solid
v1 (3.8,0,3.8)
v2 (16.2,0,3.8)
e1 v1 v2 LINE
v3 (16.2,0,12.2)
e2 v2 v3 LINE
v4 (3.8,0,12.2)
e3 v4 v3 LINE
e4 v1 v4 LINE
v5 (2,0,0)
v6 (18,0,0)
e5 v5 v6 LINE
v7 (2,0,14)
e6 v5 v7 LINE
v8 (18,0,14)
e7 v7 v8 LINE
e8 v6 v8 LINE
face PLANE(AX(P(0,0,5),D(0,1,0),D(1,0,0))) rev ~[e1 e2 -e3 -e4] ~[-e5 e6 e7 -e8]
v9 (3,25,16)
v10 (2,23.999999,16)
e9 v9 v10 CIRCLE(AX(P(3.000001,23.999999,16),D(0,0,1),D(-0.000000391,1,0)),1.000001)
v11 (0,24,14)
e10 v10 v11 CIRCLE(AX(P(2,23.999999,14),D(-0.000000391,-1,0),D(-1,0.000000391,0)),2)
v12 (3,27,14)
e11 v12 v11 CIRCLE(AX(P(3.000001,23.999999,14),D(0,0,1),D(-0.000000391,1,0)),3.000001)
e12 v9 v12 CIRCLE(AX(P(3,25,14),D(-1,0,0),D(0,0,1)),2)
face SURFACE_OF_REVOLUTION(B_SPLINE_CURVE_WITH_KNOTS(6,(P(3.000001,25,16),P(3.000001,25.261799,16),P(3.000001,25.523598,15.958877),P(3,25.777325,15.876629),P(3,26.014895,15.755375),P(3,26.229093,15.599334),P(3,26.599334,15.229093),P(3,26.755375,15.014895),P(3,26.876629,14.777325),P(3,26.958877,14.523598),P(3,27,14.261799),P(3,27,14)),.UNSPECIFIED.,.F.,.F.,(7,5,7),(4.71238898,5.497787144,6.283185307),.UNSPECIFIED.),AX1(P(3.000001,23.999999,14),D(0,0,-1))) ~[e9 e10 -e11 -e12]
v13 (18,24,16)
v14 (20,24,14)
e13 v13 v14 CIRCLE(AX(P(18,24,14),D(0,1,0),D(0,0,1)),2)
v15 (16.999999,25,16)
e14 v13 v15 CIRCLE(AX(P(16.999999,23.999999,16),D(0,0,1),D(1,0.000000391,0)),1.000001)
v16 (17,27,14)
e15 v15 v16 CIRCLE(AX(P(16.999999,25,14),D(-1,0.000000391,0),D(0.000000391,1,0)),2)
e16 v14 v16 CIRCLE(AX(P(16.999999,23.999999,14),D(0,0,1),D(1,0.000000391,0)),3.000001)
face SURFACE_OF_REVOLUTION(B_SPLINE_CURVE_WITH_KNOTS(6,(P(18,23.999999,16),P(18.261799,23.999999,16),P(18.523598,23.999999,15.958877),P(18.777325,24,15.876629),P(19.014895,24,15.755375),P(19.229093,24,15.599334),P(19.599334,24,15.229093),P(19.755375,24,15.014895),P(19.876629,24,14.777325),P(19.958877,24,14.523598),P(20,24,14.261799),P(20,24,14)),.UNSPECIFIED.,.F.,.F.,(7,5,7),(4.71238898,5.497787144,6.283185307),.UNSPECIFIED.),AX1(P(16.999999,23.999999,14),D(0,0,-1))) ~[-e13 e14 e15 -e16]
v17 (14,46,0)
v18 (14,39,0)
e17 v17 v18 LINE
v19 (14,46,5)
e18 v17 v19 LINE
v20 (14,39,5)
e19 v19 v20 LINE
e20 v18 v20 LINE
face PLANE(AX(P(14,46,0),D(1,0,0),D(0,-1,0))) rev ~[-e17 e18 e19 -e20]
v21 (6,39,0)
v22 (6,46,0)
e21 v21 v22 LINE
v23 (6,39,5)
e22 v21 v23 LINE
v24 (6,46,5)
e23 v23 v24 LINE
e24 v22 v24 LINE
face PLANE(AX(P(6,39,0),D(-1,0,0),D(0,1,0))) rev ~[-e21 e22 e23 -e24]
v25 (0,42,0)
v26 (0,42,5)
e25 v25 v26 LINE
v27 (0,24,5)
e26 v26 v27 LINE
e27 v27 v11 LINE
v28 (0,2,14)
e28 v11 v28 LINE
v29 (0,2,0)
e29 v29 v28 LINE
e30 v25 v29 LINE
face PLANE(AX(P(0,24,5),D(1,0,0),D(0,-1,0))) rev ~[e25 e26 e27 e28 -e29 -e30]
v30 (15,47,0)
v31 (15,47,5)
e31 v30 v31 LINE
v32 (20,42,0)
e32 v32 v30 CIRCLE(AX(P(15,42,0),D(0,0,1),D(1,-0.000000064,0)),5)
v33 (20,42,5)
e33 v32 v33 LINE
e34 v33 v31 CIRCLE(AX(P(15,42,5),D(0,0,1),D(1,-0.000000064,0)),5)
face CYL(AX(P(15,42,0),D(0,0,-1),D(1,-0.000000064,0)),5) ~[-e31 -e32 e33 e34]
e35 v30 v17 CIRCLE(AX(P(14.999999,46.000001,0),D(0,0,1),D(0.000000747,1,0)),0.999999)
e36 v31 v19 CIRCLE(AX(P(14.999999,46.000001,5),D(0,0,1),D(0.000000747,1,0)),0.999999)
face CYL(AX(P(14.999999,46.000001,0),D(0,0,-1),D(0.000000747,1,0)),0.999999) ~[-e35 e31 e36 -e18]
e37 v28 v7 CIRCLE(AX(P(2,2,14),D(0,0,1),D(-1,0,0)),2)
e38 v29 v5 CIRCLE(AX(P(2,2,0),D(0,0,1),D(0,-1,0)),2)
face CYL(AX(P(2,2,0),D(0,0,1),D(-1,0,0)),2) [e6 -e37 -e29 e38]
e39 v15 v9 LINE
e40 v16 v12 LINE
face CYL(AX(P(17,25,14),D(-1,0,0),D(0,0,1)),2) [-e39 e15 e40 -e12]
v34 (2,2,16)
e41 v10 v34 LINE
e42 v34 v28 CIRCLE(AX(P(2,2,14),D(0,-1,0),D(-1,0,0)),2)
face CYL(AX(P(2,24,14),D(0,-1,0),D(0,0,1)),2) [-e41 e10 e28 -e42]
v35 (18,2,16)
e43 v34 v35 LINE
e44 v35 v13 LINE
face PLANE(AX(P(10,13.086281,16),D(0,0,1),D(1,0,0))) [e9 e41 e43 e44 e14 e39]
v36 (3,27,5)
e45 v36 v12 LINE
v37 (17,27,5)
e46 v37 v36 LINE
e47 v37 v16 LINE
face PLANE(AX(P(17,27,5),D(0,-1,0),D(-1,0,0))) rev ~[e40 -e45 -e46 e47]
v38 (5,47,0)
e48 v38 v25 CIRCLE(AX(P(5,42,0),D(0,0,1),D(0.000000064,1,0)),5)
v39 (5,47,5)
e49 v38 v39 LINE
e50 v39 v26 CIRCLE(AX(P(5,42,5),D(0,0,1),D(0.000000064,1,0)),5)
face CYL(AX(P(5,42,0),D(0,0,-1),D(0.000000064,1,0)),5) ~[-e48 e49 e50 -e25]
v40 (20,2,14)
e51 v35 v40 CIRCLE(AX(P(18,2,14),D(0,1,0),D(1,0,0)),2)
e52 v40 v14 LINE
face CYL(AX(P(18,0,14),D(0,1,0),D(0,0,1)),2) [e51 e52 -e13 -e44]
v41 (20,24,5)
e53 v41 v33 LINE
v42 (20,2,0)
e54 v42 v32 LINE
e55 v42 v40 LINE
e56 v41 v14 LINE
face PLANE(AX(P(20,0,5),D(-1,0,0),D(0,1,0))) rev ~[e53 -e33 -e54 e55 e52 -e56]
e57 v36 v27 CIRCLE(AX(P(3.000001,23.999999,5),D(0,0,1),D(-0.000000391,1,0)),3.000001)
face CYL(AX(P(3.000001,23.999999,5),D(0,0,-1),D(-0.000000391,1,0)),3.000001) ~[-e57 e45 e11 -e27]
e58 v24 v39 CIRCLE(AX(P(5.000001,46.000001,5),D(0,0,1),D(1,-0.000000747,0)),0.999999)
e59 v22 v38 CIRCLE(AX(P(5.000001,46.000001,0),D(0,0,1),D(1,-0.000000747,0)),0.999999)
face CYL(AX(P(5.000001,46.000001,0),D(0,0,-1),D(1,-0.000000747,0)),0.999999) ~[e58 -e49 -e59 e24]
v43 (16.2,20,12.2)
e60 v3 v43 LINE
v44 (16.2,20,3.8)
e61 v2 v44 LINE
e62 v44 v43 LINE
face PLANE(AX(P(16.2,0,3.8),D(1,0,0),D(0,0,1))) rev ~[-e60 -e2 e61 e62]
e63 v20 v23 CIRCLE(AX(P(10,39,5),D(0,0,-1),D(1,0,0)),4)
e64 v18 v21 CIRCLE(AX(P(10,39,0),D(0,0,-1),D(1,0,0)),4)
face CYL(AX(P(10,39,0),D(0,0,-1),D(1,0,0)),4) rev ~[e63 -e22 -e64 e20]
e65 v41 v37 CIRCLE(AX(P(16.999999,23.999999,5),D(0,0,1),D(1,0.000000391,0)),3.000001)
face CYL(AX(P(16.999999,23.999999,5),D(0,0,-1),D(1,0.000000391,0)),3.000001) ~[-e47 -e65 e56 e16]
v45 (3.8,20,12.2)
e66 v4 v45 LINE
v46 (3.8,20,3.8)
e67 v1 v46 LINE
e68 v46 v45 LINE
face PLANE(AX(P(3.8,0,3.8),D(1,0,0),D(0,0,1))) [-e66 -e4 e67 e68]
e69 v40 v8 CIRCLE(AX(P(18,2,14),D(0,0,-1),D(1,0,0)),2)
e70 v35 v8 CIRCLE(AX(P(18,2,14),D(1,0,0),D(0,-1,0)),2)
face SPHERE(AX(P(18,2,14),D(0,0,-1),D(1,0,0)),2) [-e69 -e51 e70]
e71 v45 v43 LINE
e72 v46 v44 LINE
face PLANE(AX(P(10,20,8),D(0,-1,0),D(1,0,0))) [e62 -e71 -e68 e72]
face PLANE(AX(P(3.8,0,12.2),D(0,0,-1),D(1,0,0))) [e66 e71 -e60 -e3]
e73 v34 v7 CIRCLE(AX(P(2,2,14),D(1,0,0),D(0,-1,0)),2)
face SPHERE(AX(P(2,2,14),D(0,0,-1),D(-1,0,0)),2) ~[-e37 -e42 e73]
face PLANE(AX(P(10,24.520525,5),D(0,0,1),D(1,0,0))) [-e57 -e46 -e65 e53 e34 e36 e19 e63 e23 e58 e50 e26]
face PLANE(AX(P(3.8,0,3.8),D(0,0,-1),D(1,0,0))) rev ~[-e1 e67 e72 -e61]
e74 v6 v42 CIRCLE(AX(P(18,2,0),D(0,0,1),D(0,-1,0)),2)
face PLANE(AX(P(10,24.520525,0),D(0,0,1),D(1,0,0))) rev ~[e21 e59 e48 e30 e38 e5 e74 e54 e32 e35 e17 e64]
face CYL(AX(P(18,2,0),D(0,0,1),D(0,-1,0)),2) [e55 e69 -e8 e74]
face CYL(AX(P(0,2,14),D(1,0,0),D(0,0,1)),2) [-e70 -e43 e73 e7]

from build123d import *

# Parameters (mm, degrees)
F1_DEPTH = 5
F3_DEPTH = 11
F4_W     = 12.4
F4_H     = 8.4
F5_DEPTH = 20
F6_R     = 2


with BuildPart() as f1:
    # F0 (on Top) → F1 (new body)
    with BuildSketch(Plane.XY):
        with BuildLine():
            Line((0, 42), (0, 0))
            Line((0, 0), (20, 0))
            Line((20, 0), (20, 42))
            ThreePointArc((20, 42), (18.535534, 45.535534), (15, 47))
            ThreePointArc((15, 47), (14.292893, 46.707107), (14, 46))
            Line((14, 46), (14, 39))
            ThreePointArc((14, 39), (10, 35), (6, 39))
            Line((6, 39), (6, 46))
            ThreePointArc((6, 46), (5.707107, 46.707107), (5, 47))
            ThreePointArc((5, 47), (1.464466, 45.535534), (0, 42))
        make_face()
    extrude(amount=F1_DEPTH)

    # F2 (on face) → F3 (join)
    with BuildSketch(Plane.XY.offset(5)):
        with BuildLine():
            Line((0, 24), (0, 0))
            Line((0, 0), (20, 0))
            Line((20, 0), (20, 24))
            ThreePointArc((20, 24), (19.12132, 26.12132), (17, 27))
            Line((17, 27), (3, 27))
            ThreePointArc((3, 27), (0.87868, 26.12132), (0, 24))
        make_face()
    extrude(amount=F3_DEPTH)

    # F4 (on face) → F5 (cut)
    with BuildSketch(Plane.XZ):
        with Locations((10, 8)):
            Rectangle(F4_W, F4_H)
    extrude(amount=-F5_DEPTH, mode=Mode.SUBTRACT)

    # F6
    f6_edges = [f1.edges().sort_by_distance(p)[0] for p in [
        (0, 0, 8),
        (20, 0, 8),
        (20, 12, 16),
        (10, 0, 16),
    ]]
    fillet(f6_edges, radius=F6_R)


solid = f1.part
